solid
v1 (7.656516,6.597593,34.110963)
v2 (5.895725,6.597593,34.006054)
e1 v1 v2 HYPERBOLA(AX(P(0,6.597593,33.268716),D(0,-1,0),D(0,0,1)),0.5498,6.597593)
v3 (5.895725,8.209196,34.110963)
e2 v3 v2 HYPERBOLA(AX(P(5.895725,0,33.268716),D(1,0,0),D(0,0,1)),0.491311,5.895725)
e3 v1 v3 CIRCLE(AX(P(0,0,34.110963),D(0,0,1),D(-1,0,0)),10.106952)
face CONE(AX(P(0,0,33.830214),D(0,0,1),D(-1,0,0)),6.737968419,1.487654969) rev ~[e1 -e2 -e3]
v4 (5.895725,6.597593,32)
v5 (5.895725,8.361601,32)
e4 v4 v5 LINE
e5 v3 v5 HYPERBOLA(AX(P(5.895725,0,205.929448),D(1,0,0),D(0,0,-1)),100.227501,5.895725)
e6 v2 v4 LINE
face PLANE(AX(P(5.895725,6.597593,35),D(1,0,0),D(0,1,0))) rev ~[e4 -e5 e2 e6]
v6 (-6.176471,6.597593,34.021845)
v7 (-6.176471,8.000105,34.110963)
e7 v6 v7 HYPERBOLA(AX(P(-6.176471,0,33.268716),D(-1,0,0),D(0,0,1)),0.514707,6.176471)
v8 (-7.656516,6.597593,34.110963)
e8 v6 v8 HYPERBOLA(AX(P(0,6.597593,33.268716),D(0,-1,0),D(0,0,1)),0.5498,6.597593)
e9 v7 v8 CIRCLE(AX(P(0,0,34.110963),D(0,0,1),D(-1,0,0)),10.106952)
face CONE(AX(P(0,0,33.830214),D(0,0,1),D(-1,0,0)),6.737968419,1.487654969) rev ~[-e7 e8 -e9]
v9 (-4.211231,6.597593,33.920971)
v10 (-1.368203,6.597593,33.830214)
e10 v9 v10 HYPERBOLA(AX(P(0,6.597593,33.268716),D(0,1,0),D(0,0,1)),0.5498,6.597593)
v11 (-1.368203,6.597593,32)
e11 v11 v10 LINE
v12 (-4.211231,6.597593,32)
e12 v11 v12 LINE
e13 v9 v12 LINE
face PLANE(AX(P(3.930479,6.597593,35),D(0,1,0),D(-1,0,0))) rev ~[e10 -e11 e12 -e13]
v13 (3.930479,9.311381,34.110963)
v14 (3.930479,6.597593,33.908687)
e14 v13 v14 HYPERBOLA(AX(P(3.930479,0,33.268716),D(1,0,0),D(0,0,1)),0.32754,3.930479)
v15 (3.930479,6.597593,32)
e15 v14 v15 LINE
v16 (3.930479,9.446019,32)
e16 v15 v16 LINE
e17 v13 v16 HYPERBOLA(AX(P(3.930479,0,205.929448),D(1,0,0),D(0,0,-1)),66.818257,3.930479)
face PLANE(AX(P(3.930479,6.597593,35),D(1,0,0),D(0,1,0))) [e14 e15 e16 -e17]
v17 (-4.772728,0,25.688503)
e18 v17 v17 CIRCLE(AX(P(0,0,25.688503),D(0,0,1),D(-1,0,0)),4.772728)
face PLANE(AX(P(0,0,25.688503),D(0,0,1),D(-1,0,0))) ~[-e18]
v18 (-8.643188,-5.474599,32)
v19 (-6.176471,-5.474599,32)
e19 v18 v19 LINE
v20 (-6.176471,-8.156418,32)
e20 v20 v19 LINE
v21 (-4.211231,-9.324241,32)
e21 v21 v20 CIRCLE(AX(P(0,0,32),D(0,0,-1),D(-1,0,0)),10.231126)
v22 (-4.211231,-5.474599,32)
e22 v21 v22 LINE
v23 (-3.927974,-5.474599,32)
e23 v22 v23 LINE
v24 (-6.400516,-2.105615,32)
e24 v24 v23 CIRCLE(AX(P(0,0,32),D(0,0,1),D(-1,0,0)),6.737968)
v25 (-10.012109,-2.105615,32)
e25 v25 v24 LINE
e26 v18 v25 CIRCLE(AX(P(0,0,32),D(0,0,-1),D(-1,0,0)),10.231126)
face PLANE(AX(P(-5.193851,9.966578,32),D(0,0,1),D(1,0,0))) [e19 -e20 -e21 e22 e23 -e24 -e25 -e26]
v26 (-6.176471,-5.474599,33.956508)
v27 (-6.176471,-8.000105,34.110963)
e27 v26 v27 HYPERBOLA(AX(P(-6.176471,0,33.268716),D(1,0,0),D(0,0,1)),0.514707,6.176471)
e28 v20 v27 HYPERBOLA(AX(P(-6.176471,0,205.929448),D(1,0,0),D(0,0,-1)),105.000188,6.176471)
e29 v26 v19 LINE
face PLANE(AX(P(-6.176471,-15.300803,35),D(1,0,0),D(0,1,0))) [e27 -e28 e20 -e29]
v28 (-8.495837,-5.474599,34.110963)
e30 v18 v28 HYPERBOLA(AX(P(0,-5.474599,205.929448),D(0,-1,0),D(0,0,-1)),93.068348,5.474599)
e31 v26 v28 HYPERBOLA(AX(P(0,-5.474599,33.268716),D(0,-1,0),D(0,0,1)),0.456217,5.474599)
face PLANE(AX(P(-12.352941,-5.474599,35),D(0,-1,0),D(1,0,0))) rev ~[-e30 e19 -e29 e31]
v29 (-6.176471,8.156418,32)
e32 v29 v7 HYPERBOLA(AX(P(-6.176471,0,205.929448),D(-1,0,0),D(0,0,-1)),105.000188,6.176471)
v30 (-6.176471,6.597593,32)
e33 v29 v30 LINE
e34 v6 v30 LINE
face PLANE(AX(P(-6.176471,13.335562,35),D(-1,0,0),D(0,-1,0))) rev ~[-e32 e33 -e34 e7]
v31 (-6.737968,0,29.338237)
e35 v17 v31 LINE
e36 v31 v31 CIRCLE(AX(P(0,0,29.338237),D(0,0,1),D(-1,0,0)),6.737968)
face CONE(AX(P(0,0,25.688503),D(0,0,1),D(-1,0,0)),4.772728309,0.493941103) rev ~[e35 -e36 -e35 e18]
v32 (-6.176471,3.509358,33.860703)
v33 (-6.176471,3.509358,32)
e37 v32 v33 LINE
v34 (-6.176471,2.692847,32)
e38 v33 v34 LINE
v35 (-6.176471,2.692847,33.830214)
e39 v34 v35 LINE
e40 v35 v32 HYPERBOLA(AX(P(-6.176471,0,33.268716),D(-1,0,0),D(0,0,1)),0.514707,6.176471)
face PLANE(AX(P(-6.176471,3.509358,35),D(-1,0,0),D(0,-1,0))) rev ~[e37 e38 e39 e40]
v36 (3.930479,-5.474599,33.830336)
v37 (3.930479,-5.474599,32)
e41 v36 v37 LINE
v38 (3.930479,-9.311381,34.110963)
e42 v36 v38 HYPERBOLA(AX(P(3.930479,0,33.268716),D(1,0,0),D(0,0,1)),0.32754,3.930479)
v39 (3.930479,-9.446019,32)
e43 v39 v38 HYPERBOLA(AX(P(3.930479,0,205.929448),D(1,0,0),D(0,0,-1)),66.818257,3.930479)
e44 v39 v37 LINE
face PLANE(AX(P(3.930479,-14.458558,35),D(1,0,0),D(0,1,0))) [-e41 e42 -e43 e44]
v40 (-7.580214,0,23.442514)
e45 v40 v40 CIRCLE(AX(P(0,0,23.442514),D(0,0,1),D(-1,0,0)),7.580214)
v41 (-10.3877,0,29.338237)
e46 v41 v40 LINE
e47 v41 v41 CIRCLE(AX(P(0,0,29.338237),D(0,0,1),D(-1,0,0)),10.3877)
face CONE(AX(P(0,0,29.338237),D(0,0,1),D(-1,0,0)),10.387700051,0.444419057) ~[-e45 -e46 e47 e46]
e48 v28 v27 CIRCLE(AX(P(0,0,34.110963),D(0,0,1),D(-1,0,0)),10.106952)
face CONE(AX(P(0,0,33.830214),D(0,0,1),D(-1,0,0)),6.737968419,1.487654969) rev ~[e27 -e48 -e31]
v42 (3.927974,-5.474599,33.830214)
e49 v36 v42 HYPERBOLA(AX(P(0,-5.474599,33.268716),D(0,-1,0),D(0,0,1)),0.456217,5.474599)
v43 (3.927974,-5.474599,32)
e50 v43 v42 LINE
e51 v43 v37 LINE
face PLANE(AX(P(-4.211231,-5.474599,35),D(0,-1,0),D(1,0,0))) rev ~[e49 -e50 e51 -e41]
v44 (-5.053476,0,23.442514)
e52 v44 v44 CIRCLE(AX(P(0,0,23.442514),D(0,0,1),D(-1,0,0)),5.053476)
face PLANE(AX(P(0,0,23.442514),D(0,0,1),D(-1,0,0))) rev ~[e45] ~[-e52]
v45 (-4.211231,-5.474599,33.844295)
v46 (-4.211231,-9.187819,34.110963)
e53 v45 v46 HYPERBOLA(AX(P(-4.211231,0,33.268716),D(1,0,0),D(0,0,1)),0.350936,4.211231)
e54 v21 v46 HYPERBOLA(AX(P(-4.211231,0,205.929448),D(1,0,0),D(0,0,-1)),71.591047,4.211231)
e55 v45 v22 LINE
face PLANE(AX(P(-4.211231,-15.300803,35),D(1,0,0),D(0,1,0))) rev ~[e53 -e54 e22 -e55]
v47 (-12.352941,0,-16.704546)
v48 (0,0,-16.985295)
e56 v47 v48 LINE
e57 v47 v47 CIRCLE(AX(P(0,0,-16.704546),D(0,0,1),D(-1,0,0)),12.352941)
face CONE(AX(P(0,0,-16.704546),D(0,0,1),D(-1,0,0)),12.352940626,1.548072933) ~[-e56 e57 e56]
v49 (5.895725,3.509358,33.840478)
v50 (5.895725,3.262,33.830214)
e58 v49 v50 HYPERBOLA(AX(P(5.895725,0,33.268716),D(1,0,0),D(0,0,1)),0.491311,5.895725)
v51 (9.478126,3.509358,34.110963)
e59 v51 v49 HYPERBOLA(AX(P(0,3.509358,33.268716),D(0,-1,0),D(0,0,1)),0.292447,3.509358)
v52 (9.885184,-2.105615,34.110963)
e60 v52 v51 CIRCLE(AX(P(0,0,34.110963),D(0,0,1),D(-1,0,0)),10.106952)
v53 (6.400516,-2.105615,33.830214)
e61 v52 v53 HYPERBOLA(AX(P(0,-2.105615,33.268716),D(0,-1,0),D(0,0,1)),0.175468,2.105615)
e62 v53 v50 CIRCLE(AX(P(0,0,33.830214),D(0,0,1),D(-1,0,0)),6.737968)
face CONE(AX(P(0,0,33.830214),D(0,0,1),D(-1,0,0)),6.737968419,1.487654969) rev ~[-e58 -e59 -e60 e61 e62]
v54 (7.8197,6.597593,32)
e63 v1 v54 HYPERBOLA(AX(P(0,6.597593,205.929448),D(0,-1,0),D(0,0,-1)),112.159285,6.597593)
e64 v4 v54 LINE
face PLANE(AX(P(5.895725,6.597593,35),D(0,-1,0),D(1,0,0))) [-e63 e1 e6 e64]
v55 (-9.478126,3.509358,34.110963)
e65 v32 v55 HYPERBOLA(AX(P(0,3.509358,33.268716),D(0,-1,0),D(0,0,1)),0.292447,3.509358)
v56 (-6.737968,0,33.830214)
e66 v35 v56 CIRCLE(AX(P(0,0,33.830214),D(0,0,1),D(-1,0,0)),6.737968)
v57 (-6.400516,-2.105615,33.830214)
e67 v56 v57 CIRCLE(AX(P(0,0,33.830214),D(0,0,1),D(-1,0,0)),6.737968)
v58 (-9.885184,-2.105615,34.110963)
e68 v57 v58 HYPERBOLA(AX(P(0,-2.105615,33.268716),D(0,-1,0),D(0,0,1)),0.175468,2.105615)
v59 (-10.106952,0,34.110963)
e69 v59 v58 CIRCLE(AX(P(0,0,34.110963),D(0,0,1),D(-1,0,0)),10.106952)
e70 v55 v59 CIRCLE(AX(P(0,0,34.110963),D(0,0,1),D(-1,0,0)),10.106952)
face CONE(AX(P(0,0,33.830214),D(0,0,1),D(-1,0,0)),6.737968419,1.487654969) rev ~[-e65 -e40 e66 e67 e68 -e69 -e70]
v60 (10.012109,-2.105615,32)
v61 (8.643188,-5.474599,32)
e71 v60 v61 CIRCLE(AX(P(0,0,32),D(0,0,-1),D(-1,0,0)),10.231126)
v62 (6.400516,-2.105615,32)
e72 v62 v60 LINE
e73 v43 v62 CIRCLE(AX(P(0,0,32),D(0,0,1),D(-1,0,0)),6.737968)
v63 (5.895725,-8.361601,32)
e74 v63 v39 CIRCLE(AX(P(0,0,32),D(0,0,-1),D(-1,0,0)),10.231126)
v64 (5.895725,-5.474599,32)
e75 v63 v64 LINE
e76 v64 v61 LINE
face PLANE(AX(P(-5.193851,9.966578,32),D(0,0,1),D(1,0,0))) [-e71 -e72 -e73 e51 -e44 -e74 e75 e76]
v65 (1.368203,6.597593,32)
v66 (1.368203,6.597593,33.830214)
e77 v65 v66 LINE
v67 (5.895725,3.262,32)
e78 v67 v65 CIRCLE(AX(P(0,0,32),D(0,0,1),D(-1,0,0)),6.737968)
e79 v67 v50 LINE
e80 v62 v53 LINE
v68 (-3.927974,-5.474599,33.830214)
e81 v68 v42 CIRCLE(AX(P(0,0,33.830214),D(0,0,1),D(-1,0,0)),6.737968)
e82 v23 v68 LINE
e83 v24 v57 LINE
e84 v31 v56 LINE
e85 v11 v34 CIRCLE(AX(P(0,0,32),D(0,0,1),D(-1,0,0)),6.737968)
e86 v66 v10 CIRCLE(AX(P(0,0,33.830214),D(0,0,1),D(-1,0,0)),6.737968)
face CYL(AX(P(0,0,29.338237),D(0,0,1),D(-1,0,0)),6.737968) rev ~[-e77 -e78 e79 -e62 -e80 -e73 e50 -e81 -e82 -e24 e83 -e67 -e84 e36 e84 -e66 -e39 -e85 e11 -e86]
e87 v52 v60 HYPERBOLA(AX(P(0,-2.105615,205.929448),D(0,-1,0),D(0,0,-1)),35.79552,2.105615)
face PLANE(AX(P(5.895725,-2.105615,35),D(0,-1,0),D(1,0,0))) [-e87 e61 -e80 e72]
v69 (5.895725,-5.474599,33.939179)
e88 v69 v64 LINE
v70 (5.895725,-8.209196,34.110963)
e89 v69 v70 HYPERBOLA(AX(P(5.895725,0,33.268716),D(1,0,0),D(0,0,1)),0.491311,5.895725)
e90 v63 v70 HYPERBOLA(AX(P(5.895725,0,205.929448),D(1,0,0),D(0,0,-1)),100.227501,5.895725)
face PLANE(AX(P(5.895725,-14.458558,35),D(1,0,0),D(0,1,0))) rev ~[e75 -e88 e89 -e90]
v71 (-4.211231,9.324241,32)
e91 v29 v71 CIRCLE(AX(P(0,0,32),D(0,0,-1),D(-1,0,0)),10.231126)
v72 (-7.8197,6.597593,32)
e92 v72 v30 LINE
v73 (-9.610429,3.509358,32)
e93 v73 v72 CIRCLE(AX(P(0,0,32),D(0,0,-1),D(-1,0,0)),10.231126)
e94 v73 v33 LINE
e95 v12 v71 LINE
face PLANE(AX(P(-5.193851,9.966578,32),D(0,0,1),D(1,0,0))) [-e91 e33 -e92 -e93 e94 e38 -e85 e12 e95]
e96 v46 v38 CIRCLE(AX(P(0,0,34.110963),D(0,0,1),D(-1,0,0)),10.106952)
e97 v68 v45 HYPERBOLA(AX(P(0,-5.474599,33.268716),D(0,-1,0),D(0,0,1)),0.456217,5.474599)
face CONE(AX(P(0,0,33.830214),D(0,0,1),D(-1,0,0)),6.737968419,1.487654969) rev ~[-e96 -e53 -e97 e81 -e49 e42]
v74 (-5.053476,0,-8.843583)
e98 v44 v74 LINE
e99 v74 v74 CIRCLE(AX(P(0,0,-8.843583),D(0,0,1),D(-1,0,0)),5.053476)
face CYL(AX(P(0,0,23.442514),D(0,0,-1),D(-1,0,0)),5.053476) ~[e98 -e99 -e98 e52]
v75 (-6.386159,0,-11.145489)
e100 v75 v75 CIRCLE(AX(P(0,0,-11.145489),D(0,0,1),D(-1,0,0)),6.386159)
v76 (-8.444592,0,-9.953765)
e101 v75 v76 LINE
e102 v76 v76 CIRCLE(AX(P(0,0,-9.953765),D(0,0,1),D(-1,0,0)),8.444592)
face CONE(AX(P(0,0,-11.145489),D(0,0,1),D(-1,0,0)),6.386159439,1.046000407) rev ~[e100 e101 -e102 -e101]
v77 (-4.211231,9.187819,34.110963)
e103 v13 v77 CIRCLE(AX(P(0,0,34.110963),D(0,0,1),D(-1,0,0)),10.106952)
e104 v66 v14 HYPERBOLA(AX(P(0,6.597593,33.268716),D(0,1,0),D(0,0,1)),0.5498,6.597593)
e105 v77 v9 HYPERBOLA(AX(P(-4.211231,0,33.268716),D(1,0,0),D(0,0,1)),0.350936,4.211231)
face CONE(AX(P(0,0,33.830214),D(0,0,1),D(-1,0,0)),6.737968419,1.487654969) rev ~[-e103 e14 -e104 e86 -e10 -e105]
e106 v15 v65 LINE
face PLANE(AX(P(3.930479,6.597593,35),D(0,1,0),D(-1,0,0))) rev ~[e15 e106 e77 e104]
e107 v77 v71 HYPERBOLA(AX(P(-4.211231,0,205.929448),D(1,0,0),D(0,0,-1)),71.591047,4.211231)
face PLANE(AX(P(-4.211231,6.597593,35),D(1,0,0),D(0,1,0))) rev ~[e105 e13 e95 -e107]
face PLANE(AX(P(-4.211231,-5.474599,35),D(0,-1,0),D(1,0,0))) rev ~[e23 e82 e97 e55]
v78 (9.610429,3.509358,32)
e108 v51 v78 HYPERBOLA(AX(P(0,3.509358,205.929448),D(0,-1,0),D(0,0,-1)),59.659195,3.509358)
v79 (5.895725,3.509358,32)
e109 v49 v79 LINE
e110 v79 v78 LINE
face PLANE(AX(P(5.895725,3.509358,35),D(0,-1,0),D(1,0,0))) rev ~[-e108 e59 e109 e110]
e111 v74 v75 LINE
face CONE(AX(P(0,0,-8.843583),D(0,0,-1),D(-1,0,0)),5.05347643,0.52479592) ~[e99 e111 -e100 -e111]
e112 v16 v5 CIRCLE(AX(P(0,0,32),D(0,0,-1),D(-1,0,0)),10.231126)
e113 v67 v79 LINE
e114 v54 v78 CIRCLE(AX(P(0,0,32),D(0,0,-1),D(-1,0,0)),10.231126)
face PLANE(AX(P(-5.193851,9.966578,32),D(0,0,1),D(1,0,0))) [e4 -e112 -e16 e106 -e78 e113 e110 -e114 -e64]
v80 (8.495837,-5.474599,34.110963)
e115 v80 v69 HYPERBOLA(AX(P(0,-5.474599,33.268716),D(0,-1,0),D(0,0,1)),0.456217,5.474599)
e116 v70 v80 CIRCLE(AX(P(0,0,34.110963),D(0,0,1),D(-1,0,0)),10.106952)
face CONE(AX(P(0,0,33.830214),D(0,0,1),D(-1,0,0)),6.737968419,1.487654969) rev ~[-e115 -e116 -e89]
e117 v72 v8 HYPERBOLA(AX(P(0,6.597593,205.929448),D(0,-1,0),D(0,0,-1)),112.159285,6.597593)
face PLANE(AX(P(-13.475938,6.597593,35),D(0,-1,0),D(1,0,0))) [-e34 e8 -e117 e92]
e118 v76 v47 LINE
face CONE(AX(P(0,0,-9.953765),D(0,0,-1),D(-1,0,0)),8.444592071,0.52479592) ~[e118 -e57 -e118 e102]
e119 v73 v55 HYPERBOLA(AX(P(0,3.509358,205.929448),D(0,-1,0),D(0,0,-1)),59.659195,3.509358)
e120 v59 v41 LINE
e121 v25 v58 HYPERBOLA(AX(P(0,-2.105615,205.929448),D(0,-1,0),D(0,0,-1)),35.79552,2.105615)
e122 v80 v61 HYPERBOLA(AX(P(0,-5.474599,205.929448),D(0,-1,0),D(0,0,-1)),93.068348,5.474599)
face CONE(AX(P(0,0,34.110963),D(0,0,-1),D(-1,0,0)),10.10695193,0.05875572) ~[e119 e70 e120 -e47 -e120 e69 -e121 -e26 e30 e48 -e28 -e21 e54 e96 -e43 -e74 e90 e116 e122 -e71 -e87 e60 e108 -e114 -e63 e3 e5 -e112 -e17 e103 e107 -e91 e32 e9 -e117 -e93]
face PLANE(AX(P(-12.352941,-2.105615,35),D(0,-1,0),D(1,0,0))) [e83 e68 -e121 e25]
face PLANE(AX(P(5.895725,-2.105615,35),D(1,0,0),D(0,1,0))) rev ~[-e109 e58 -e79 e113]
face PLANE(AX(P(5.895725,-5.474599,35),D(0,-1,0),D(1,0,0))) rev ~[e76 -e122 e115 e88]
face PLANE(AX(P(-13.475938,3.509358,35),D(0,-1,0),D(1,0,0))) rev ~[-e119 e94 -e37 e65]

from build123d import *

# Parameters (mm, degrees)
F3_W     = 1.9652401097
F3_H     = 6.7379688844
F3_H_2   = 3.0882351566
F3_W_2   = 7.2994669899
F3_W_3   = 8.1417094916
F3_H_3   = 5.6149733718
F3_W_4   = 1.9652461633
F3_H_4   = 3.6497339606
F3_H_5   = 3.3689839765
F3_W_5   = 6.1764698476
F3_W_6   = 8.4224580787
F3_H_6   = 9.8262038082
F3_H_7   = 8.9839585125
F3_W_7   = 7.2994637303
F4_DEPTH = 3


with BuildPart() as f1:
    # F0 (on Front) → F1 (revolve)
    with BuildSketch(Plane.XZ):
        Polygon((-12.3529406264, -16.7045462877), (0, -16.9852953404), (0, 25.6885029376), (-4.772728309, 25.6885029376), (-6.7379684187, 29.3382368982), (-6.7379684187, 33.8302142918), (-10.1069519296, 34.1109633446), (-10.3877000511, 29.3382368982), (-7.5802141801, 23.4425142407), (-5.0534764305, 23.4425142407), (-5.0534764305, -8.8435830548), (-6.3861594392, -11.1454892843), (-8.4445920708, -9.9537647225), align=None)
    revolve(axis=Axis((0, 0, 4.3516037986), (0, 0, 1)))

    # F3 (on offset) → F4 (cut)
    with BuildSketch(Plane.XY.offset(35)):
        with Locations((-5.193850724, 9.9665778689)):
            Rectangle(F3_W, F3_H)
        with Locations((-5.193850724, 5.0534758484)):
            Rectangle(F3_W, F3_H_2)
        with Locations((-9.8262042738, 5.0534758484)):
            Rectangle(F3_W_2, F3_H_2)
        with Locations((-0.1403759234, 5.0534758484)):
            Rectangle(F3_W_3, F3_H_2)
        with Locations((-5.193850724, 0.7018715842)):
            Rectangle(F3_W, F3_H_3)
        with Locations((4.9131019041, 5.0534758484)):
            Rectangle(F3_W_4, F3_H_2)
        with Locations((4.9131019041, 8.422460407)):
            Rectangle(F3_W_4, F3_H_4)
        with Locations((-5.193850724, -3.79010709)):
            Rectangle(F3_W, F3_H_5)
        with Locations((-9.2647057027, -3.79010709)):
            Rectangle(F3_W_5, F3_H_5)
        with Locations((-0.1403759234, -3.79010709)):
            Rectangle(F3_W_3, F3_H_5)
        with Locations((4.9131019041, 0.7018715842)):
            Rectangle(F3_W_4, F3_H_3)
        with Locations((10.1069540251, 5.0534758484)):
            Rectangle(F3_W_6, F3_H_2)
        with Locations((-5.193850724, -10.3877009824)):
            Rectangle(F3_W, F3_H_6)
        with Locations((4.9131019041, -3.79010709)):
            Rectangle(F3_W_4, F3_H_5)
        with Locations((4.9131019041, -9.9665783346)):
            Rectangle(F3_W_4, F3_H_7)
        with Locations((9.5454568509, -3.79010709)):
            Rectangle(F3_W_7, F3_H_5)
    extrude(amount=-F4_DEPTH, mode=Mode.SUBTRACT)


solid = f1.part
